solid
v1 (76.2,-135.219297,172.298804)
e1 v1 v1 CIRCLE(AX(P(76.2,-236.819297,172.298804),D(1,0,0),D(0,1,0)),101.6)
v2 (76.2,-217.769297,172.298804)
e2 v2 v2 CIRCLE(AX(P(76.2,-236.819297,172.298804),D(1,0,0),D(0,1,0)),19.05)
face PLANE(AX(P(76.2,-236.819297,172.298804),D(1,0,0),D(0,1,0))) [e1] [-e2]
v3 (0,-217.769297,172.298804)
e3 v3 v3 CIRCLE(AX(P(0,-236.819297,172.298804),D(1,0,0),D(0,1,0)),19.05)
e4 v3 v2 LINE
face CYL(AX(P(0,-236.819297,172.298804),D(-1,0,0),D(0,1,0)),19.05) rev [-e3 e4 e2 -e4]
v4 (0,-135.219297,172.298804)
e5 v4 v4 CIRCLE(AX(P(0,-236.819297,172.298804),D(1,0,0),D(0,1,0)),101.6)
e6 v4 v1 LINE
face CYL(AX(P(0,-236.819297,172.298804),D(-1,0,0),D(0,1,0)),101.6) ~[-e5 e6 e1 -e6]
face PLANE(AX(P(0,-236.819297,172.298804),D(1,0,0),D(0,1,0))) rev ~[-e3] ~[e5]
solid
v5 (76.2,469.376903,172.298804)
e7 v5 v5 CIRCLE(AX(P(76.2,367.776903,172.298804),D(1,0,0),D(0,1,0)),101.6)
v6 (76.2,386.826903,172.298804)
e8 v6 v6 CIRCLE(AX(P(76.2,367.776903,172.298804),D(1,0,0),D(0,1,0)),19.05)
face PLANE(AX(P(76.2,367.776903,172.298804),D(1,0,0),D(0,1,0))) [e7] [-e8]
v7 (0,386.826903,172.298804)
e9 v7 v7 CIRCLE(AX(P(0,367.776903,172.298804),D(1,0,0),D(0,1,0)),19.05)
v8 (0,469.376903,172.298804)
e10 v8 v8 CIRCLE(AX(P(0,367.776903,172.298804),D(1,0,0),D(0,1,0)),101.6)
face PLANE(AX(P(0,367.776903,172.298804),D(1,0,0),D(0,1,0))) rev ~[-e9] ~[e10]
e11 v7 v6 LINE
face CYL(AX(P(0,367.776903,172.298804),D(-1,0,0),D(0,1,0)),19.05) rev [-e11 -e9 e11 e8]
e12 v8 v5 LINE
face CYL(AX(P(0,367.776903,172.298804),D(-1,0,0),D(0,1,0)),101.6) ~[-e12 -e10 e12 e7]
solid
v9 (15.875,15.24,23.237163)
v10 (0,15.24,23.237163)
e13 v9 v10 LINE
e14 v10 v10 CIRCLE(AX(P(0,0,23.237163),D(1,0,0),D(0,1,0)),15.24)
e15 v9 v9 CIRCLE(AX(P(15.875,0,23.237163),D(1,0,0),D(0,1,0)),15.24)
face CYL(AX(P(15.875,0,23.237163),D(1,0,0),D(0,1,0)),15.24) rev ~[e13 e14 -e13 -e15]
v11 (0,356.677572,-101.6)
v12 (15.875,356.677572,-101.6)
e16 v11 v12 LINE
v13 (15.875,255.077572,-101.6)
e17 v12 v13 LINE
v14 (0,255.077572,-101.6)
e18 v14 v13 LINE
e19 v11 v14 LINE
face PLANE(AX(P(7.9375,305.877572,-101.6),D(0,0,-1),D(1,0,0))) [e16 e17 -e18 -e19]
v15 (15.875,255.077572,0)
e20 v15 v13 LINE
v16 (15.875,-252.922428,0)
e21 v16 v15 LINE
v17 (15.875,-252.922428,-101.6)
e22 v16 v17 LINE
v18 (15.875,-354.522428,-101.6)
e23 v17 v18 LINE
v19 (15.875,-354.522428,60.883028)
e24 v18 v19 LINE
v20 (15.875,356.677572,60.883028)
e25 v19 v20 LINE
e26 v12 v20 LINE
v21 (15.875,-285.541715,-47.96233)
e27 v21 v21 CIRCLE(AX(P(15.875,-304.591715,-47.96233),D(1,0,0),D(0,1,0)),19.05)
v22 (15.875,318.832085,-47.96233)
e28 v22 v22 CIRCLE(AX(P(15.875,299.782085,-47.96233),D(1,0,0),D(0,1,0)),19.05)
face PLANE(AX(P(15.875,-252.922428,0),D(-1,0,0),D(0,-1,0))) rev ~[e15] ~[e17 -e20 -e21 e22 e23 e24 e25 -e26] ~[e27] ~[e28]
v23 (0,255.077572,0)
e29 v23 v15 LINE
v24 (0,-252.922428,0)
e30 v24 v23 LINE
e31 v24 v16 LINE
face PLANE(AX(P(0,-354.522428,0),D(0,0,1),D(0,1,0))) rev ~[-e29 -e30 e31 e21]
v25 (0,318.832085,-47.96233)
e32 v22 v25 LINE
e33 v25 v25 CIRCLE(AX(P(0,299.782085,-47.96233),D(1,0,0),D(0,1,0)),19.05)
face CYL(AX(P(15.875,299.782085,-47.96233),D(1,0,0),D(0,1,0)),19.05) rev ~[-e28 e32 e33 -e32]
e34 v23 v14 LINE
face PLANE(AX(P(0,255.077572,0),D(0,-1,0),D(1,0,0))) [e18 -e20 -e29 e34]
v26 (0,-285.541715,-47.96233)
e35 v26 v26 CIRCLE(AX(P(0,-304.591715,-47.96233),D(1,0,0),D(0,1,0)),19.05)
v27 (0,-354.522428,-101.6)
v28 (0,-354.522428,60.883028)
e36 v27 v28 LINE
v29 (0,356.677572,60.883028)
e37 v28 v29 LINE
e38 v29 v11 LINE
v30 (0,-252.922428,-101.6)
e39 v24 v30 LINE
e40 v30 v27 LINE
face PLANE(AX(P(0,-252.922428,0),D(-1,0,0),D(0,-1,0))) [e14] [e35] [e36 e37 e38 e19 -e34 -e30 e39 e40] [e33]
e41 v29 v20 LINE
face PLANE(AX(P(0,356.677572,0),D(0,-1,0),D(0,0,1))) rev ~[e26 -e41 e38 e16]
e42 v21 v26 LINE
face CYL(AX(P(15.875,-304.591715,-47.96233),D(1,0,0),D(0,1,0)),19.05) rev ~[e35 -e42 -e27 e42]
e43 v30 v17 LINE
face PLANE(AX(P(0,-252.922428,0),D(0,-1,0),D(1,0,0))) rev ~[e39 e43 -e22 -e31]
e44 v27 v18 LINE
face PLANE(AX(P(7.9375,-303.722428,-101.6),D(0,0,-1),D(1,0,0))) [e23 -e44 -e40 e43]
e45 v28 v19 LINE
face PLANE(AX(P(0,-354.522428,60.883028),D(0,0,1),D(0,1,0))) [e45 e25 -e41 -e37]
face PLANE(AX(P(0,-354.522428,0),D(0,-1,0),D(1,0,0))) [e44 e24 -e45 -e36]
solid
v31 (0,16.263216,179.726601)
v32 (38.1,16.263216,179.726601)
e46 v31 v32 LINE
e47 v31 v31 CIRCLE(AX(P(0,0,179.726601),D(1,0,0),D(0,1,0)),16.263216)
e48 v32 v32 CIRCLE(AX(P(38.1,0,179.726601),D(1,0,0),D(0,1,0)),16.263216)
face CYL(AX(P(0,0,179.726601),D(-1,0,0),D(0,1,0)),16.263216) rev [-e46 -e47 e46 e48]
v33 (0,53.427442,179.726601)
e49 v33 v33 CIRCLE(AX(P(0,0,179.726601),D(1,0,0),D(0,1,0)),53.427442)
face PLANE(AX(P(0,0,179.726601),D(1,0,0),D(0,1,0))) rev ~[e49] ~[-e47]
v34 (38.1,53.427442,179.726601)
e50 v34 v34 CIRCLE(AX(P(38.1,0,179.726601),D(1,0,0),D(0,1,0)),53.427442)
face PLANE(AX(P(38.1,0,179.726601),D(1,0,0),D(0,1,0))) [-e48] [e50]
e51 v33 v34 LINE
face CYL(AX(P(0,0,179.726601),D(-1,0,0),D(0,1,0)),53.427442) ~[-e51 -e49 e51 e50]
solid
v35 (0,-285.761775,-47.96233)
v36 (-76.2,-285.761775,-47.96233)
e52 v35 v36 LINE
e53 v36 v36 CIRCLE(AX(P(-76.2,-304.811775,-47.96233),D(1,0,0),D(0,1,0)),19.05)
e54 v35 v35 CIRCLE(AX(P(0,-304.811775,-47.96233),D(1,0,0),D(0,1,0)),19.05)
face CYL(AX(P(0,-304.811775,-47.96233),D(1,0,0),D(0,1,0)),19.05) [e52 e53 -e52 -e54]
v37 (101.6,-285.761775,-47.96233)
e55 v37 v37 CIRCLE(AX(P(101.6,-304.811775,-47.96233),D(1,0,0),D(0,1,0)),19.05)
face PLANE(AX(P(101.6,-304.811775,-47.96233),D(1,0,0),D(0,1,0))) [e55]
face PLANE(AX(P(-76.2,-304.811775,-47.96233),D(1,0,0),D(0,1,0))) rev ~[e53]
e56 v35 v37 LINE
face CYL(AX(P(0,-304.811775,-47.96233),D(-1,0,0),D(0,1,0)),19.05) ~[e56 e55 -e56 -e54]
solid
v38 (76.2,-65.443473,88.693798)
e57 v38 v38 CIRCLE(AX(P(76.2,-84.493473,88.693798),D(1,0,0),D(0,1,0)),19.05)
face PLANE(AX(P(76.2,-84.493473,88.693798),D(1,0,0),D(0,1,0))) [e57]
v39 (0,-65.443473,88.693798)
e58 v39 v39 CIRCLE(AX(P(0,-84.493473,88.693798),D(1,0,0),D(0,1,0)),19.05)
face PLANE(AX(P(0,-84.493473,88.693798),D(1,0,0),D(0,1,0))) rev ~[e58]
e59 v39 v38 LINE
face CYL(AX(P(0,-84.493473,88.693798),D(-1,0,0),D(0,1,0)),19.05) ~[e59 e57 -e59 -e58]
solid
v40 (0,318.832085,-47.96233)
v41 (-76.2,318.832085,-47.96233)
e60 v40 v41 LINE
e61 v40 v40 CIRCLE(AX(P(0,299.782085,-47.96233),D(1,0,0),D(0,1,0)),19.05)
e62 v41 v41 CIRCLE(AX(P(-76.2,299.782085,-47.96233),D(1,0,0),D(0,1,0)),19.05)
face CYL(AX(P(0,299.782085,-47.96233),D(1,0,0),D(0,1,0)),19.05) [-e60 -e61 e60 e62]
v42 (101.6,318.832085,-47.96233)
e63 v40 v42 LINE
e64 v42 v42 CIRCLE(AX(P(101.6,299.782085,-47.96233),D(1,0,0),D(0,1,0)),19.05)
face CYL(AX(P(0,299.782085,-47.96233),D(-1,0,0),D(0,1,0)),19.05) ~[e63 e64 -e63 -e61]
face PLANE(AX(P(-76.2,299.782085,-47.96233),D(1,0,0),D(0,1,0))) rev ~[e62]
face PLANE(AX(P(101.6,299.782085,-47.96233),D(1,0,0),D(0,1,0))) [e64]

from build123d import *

# Parameters (mm, degrees)
F0_W          = 711.2
F0_H          = 60.8830283012
F1_DEPTH      = 15.875
F2_W          = 15.875
F2_H          = 101.6
F3_DEPTH      = 101.6
F4_R          = 15.24
F5_DEPTH      = 15.876
F6_R          = 19.05
F7_DEPTH      = 15.876
F8_R          = 19.05
F9_DEPTH      = 76.2
F9_DEPTH_BACK = 101.6
F10_R         = 101.6
F10_R_2       = 19.05
F11_DEPTH     = 76.2
F12_R         = 53.427441811
F12_R_2       = 16.2632160737
F13_DEPTH     = 38.1
F14_R         = 19.05
F15_DEPTH     = 76.2


with BuildPart() as f1:
    # F0 (on Right) → F1 (new body)
    with BuildSketch(Plane.YZ):
        with Locations((1.0775724914, 30.4415141506)):
            Rectangle(F0_W, F0_H)
    extrude(amount=F1_DEPTH)

    # F2 (on face) → F3 (join)
    with BuildSketch(Plane(origin=(0, 0, 0), x_dir=(1, 0, 0), z_dir=(0, 0, -1))):
        with Locations((7.9375, 303.7224275086)):
            Rectangle(F2_W, F2_H)
        with Locations((7.9375, -305.8775724914)):
            Rectangle(F2_W, F2_H)
    extrude(amount=F3_DEPTH)

    # F4 (on face) → F5 (cut, through all)
    with BuildSketch(Plane.YZ.offset(15.875)):
        with Locations((0, 23.2371634206)):
            Circle(F4_R)
    extrude(amount=-F5_DEPTH, mode=Mode.SUBTRACT)

    # F6 (on face) → F7 (cut, through all)
    with BuildSketch(Plane.YZ.offset(15.875)):
        with Locations((-304.5917153358, -47.9623302817)):
            Circle(F6_R)
        with Locations((299.7820846642, -47.9623302817)):
            Circle(F6_R)
    extrude(amount=-F7_DEPTH, mode=Mode.SUBTRACT)


with BuildPart() as f9:
    # F8 (on Right) → F9 (new body, two sides)
    with BuildSketch(Plane.YZ) as f9_sk:
        with Locations((299.7820846642, -47.9623302817)):
            Circle(F8_R)
    extrude(amount=-F9_DEPTH)
    extrude(f9_sk.sketch, amount=F9_DEPTH_BACK)


with BuildPart() as f9b:
    # F8 (on Right) → F9, piece 2 (new body, two sides)
    with BuildSketch(Plane.YZ) as f9_2_sk:
        with Locations((-304.8117753358, -47.9623302817)):
            Circle(F8_R)
    extrude(amount=-F9_DEPTH)
    extrude(f9_2_sk.sketch, amount=F9_DEPTH_BACK)


with BuildPart() as f11:
    # F10 (on Right) → F11 (new body)
    with BuildSketch(Plane.YZ):
        with Locations((-236.8192970753, 172.2988039255)):
            Circle(F10_R)
        with Locations((-236.8192970753, 172.2988039255)):
            Circle(F10_R_2, mode=Mode.SUBTRACT)
    extrude(amount=F11_DEPTH)


with BuildPart() as f11b:
    # F10 (on Right) → F11, piece 2 (new body)
    with BuildSketch(Plane.YZ):
        with Locations((367.7769029247, 172.2988039255)):
            Circle(F10_R)
        with Locations((367.7769029247, 172.2988039255)):
            Circle(F10_R_2, mode=Mode.SUBTRACT)
    extrude(amount=F11_DEPTH)


with BuildPart() as f13:
    # F12 (on Right) → F13 (new body)
    with BuildSketch(Plane.YZ):
        with Locations((0, 179.726600647)):
            Circle(F12_R)
        with Locations((0, 179.726600647)):
            Circle(F12_R_2, mode=Mode.SUBTRACT)
    extrude(amount=F13_DEPTH)


with BuildPart() as f15:
    # F14 (on Right) → F15 (new body)
    with BuildSketch(Plane.YZ):
        with Locations((-84.4934731722, 88.6937975883)):
            Circle(F14_R)
    extrude(amount=F15_DEPTH)


solid = Compound([f1.part, f9.part, f9b.part, f11.part, f11b.part, f13.part, f15.part])
